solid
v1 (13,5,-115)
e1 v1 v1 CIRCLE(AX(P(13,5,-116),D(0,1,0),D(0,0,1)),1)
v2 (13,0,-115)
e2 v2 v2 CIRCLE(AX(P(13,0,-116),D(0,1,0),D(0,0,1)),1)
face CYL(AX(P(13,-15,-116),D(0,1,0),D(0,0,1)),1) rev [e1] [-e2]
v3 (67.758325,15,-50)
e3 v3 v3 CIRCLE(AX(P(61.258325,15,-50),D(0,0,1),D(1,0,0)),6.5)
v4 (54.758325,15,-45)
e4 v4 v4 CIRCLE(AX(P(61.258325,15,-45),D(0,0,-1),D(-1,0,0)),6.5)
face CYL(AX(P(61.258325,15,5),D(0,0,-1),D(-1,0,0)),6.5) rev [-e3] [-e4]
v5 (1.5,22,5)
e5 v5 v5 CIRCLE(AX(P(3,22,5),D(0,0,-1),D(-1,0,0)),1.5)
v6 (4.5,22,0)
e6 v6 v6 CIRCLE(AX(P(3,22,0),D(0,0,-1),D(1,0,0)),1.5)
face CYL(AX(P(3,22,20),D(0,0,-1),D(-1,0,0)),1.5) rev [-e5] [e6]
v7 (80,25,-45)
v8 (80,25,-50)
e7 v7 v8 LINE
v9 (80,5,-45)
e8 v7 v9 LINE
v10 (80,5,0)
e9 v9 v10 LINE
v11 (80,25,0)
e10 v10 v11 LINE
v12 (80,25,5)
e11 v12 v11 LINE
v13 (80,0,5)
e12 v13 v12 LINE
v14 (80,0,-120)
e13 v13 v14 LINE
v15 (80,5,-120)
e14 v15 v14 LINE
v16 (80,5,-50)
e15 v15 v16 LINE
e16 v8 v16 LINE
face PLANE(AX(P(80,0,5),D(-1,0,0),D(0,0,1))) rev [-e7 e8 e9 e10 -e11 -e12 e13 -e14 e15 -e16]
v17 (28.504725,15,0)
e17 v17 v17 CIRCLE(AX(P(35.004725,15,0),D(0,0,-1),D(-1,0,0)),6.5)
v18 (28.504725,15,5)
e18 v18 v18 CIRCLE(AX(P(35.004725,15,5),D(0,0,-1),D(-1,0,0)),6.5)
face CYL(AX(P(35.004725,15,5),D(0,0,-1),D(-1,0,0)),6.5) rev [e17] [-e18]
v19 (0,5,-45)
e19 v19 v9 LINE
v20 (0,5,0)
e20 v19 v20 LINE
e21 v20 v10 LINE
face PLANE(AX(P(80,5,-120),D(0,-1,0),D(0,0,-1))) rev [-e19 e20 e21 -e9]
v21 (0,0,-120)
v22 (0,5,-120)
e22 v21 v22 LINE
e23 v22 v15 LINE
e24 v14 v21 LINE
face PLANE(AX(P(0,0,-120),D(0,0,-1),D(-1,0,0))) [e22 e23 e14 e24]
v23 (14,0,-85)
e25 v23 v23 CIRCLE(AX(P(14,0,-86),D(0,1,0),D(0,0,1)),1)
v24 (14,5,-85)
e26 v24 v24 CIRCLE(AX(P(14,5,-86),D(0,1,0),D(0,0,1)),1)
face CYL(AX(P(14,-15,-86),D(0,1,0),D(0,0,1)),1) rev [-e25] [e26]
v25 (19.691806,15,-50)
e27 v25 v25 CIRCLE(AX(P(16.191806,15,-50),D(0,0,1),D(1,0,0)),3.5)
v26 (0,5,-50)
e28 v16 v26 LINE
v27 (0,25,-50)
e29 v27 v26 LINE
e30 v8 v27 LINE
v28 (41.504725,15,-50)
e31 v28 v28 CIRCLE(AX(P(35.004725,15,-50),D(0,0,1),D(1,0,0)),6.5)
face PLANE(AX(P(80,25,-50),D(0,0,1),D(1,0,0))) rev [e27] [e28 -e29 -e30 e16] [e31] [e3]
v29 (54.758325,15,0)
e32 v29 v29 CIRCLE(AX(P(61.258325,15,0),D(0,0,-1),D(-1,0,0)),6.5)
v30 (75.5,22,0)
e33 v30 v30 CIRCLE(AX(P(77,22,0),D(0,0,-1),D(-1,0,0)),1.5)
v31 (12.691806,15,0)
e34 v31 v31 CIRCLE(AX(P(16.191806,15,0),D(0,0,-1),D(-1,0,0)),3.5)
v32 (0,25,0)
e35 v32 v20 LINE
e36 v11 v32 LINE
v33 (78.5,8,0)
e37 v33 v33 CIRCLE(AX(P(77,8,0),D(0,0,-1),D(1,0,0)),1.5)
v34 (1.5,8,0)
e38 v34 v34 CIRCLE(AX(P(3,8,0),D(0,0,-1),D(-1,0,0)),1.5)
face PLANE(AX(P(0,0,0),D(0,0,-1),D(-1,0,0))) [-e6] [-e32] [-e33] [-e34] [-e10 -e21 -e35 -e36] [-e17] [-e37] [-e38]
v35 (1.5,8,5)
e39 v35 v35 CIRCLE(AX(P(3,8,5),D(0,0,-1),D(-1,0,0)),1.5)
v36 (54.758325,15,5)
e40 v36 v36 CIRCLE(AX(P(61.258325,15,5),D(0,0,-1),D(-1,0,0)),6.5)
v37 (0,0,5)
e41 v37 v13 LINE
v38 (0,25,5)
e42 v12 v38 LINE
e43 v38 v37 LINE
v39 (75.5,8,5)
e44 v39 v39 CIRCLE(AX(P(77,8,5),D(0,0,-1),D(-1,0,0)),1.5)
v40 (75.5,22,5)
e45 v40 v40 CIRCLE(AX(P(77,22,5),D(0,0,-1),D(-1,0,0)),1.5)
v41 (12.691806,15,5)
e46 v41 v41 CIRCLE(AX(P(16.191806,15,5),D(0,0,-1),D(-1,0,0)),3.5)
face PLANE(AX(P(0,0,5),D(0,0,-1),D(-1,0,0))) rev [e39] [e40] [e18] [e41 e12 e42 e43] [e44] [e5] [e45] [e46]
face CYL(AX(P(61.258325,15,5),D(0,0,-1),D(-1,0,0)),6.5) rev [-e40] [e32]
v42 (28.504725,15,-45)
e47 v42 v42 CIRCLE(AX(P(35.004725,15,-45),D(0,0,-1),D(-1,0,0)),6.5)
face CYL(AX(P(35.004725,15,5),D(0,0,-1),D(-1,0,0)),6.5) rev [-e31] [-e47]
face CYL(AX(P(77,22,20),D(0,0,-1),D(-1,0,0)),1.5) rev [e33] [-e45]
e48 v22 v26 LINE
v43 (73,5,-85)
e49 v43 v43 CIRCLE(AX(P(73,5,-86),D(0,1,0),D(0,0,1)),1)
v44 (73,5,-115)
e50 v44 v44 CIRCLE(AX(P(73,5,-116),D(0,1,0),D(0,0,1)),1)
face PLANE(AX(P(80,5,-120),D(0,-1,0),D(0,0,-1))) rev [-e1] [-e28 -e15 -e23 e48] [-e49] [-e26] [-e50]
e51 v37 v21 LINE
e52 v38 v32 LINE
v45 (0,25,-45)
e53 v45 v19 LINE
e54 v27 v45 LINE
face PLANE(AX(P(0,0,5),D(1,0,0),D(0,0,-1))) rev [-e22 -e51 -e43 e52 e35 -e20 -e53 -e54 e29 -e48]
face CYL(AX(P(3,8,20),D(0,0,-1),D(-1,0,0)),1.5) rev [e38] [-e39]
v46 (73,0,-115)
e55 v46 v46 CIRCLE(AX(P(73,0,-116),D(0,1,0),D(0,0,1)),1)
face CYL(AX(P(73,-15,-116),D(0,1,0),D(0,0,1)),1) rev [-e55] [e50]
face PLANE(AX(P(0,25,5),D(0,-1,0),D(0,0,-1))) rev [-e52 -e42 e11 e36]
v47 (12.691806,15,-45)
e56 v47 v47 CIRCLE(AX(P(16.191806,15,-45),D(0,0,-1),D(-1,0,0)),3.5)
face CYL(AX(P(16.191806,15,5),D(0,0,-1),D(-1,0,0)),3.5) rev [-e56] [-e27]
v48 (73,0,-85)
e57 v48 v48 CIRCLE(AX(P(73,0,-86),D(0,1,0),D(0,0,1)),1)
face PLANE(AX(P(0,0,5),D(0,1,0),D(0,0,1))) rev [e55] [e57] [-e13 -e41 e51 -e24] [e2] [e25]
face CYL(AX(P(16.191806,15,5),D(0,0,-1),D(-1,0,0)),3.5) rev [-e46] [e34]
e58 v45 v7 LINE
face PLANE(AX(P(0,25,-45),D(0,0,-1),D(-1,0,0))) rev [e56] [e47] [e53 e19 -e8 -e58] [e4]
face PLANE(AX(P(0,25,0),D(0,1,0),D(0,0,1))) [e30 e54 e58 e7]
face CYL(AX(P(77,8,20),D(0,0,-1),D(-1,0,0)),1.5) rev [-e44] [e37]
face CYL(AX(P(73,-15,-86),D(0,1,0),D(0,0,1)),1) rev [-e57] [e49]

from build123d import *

# Parameters (mm, degrees)
SKETCH_1_W               = 80
SKETCH_1_H               = 25
EXTRUDE_1_DEPTH          = 5
SKETCH_2_W               = 80
SKETCH_2_H               = 5
EXTRUDE_2_DEPTH          = 120
SKETCH_3_W               = 80
SKETCH_3_H               = 5
EXTRUDE_3_DEPTH          = 20
SKETCH_4_R               = 1.5
CUT_EXTRUDE_1_DEPTH      = 20
SKETCH_5_R               = 6.5
CUT_EXTRUDE_2_DEPTH      = 121
CUT_EXTRUDE_2_DEPTH_BACK = 6
SKETCH_6_R               = 3.5
CUT_EXTRUDE_3_DEPTH      = 121
CUT_EXTRUDE_3_DEPTH_BACK = 6
SKETCH_7_R               = 1
CUT_EXTRUDE_4_DEPTH      = 20


with BuildPart() as part:
    # 스케치1 → 보스-돌출1 (new body)
    with BuildSketch(Plane.XY):
        with Locations((40, 12.5)):
            Rectangle(SKETCH_1_W, SKETCH_1_H)
    extrude(amount=EXTRUDE_1_DEPTH)

    # 스케치2 → 보스-돌출2 (add)
    with BuildSketch(Plane(origin=(0, 0, 0), x_dir=(-1, 0, 0), z_dir=(0, 0, -1))):
        with Locations((-40, 2.5)):
            Rectangle(SKETCH_2_W, SKETCH_2_H)
    extrude(amount=EXTRUDE_2_DEPTH)

    # 스케치3 → 보스-돌출3 (add)
    with BuildSketch(Plane(origin=(0, 5, 0), x_dir=(1, 0, 0), z_dir=(0, 1, 0))):
        with Locations((40, 47.5)):
            Rectangle(SKETCH_3_W, SKETCH_3_H)
    extrude(amount=EXTRUDE_3_DEPTH)

    # 스케치4 → 컷-돌출1 (cut)
    with BuildSketch(Plane(origin=(0, 0, 0), x_dir=(-1, 0, 0), z_dir=(0, 0, -1))):
        with Locations((-77, 22)):
            Circle(SKETCH_4_R)
        with Locations((-77, 8)):
            Circle(SKETCH_4_R)
        with Locations((-3, 22)):
            Circle(SKETCH_4_R)
        with Locations((-3, 8)):
            Circle(SKETCH_4_R)
    extrude(amount=-CUT_EXTRUDE_1_DEPTH, mode=Mode.SUBTRACT)

    # 스케치5 → 컷-돌출2 (cut, two sides)
    with BuildSketch(Plane(origin=(0, 0, 0), x_dir=(-1, 0, 0), z_dir=(0, 0, -1))) as cut_extrude_2_sk:
        with Locations((-61.258324532, 15)):
            Circle(SKETCH_5_R)
        with Locations((-35.004725497, 15)):
            Circle(SKETCH_5_R)
    extrude(amount=CUT_EXTRUDE_2_DEPTH, mode=Mode.SUBTRACT)
    extrude(cut_extrude_2_sk.sketch, amount=-CUT_EXTRUDE_2_DEPTH_BACK, mode=Mode.SUBTRACT)

    # 스케치6 → 컷-돌출3 (cut, two sides)
    with BuildSketch(Plane(origin=(0, 0, 0), x_dir=(-1, 0, 0), z_dir=(0, 0, -1))) as cut_extrude_3_sk:
        with Locations((-16.191806112, 15)):
            Circle(SKETCH_6_R)
    extrude(amount=CUT_EXTRUDE_3_DEPTH, mode=Mode.SUBTRACT)
    extrude(cut_extrude_3_sk.sketch, amount=-CUT_EXTRUDE_3_DEPTH_BACK, mode=Mode.SUBTRACT)

    # 스케치7 → 컷-돌출4 (cut)
    with BuildSketch(Plane(origin=(0, 5, 0), x_dir=(1, 0, 0), z_dir=(0, 1, 0))):
        with Locations((73, 116)):
            Circle(SKETCH_7_R)
        with Locations((73, 86)):
            Circle(SKETCH_7_R)
        with Locations((13, 116)):
            Circle(SKETCH_7_R)
        with Locations((14, 86)):
            Circle(SKETCH_7_R)
    extrude(amount=-CUT_EXTRUDE_4_DEPTH, mode=Mode.SUBTRACT)


solid = part.part
